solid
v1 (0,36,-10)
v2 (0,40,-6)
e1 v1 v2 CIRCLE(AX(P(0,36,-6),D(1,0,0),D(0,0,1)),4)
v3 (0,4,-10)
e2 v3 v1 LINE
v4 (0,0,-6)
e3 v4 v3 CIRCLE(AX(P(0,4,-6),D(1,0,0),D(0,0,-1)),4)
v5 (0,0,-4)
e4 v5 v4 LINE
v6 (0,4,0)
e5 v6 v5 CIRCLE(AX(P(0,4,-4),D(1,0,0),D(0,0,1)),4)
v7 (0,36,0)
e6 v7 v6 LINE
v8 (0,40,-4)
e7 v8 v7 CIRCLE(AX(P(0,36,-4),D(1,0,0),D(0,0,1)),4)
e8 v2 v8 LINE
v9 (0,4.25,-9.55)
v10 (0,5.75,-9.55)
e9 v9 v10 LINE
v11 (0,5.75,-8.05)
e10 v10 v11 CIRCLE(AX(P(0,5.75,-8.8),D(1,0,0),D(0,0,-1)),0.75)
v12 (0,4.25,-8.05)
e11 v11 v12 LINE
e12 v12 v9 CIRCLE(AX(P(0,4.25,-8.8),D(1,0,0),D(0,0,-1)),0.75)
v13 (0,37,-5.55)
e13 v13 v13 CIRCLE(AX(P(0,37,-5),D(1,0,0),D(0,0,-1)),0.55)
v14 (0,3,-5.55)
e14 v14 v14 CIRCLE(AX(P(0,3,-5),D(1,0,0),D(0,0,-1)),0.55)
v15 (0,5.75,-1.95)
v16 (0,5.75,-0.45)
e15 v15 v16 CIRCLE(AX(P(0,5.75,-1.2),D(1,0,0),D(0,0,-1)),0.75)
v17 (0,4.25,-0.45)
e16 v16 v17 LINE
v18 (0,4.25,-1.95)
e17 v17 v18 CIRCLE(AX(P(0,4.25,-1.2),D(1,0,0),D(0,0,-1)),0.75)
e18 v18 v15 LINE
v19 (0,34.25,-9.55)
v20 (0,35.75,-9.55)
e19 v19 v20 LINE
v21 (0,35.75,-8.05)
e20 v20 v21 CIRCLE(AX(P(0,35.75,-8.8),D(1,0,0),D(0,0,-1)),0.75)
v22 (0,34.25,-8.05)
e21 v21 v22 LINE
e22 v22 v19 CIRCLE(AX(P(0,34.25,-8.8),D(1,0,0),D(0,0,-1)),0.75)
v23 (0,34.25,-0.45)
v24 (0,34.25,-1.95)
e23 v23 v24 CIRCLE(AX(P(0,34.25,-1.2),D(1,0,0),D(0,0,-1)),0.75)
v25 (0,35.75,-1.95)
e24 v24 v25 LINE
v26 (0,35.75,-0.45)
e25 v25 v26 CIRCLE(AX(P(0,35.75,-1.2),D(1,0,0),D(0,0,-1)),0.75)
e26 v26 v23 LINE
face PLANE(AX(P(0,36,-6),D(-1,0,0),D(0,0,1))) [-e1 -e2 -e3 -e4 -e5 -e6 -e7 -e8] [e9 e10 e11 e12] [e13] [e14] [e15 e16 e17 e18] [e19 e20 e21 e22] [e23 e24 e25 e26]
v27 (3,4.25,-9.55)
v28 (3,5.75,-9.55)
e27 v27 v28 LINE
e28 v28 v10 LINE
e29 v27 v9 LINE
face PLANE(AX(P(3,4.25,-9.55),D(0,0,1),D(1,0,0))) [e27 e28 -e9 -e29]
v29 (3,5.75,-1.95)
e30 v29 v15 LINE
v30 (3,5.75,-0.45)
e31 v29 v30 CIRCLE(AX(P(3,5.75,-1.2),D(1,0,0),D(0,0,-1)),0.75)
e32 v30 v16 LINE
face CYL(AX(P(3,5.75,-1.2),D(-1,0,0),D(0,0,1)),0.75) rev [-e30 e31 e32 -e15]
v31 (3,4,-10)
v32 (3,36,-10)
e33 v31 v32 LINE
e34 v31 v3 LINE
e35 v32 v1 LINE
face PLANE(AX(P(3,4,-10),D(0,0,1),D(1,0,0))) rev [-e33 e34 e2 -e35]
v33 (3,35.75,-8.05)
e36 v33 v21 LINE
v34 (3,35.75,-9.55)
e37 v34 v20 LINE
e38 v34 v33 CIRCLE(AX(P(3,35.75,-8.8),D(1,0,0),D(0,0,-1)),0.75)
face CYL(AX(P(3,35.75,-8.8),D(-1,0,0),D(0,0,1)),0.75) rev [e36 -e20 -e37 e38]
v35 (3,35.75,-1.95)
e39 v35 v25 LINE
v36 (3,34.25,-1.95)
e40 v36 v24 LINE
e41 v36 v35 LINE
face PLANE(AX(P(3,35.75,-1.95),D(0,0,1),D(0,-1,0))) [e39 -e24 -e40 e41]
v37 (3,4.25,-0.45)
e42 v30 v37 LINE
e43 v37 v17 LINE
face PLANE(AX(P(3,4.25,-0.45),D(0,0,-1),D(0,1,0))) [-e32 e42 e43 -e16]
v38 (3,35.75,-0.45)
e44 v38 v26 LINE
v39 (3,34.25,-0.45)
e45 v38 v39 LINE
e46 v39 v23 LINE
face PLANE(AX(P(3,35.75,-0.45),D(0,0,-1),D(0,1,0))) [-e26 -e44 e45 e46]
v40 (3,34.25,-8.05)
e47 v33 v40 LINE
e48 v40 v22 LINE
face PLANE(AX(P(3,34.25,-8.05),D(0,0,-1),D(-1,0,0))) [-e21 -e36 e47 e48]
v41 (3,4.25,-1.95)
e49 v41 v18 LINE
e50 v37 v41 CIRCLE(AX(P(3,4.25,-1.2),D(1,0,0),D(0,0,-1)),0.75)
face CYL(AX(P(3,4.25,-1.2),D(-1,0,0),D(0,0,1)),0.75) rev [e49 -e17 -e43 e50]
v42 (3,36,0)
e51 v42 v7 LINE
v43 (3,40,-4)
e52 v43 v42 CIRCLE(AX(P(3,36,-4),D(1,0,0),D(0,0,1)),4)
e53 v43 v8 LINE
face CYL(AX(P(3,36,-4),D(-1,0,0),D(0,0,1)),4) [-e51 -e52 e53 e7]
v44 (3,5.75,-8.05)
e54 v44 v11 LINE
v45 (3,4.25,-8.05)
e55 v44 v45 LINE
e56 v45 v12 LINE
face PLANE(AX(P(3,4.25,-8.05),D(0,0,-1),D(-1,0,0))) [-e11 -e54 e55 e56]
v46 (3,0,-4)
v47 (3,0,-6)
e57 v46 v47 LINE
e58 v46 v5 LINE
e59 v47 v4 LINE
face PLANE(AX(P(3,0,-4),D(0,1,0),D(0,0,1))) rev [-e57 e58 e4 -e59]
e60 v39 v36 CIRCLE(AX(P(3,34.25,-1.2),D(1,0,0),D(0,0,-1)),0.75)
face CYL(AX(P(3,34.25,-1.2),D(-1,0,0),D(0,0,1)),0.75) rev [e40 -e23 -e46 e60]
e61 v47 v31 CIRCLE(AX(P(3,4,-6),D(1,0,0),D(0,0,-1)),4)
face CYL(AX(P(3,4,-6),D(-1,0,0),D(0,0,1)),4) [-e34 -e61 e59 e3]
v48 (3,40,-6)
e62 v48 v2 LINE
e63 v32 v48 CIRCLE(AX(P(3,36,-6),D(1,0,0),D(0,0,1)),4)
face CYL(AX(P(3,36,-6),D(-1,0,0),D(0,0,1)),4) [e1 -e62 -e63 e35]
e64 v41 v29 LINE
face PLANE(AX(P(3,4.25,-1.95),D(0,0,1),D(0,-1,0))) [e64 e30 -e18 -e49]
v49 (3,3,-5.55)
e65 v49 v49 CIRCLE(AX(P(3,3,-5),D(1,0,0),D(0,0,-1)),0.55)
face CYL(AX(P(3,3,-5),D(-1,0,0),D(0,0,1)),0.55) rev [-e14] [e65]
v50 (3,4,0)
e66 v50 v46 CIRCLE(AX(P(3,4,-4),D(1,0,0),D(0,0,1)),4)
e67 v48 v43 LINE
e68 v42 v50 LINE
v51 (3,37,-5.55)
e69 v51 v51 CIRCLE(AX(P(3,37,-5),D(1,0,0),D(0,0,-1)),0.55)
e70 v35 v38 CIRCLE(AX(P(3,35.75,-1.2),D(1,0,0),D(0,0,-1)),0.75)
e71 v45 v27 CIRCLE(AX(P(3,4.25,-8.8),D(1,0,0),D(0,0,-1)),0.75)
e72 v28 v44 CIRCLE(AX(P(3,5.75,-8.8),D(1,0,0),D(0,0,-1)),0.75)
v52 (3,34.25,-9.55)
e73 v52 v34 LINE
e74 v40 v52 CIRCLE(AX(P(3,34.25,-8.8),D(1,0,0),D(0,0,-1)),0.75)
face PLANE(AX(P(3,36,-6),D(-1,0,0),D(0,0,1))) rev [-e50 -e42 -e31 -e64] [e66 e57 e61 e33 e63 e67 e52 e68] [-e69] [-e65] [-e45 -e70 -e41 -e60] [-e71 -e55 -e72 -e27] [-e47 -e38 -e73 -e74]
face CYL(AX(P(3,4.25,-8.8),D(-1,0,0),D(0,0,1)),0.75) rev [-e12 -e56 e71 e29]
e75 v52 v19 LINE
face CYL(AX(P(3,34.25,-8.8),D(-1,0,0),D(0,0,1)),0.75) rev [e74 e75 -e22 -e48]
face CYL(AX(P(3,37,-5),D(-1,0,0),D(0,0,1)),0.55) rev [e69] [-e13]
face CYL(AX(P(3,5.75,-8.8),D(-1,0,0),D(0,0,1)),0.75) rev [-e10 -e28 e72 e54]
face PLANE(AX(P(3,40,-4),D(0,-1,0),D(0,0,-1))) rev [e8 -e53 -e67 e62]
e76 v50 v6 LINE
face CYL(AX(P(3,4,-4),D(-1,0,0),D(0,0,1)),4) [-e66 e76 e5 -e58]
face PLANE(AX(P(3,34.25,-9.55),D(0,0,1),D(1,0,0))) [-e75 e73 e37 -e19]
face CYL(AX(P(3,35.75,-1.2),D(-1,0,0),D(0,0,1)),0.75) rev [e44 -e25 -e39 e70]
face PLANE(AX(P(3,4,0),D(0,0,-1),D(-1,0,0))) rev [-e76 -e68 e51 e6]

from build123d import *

# Parameters (mm, degrees)
SKETCH_1_R      = 0.55
EXTRUDE_1_DEPTH = 3


with BuildPart() as part:
    # Эскиз1 → Бобышка-Вытянуть1 (new body)
    with BuildSketch(Plane(origin=(0, 0, 0), x_dir=(0, 0, -1), z_dir=(1, 0, 0))):
        with BuildLine():
            Line((4, 0), (6, 0))
            ThreePointArc((6, 0), (8.828427125, 1.171572875), (10, 4))
            Line((10, 4), (10, 36))
            ThreePointArc((10, 36), (8.828427125, 38.828427125), (6, 40))
            Line((6, 40), (4, 40))
            ThreePointArc((4, 40), (1.171572875, 38.828427125), (0, 36))
            Line((0, 36), (0, 4))
            ThreePointArc((0, 4), (1.171572875, 1.171572875), (4, 0))
        make_face()
        with Locations((5, 3)):
            Circle(SKETCH_1_R, mode=Mode.SUBTRACT)
        with Locations((5, 37)):
            Circle(SKETCH_1_R, mode=Mode.SUBTRACT)
        with BuildLine():
            Line((1.95, 35.75), (1.95, 34.25))
            ThreePointArc((1.95, 34.25), (1.2, 33.5), (0.45, 34.25))
            Line((0.45, 34.25), (0.45, 35.75))
            ThreePointArc((0.45, 35.75), (1.2, 36.5), (1.95, 35.75))
        make_face(mode=Mode.SUBTRACT)
        with BuildLine():
            Line((0.45, 4.25), (0.45, 5.75))
            ThreePointArc((0.45, 5.75), (1.2, 6.5), (1.95, 5.75))
            Line((1.95, 5.75), (1.95, 4.25))
            ThreePointArc((1.95, 4.25), (1.2, 3.5), (0.45, 4.25))
        make_face(mode=Mode.SUBTRACT)
        with BuildLine():
            Line((8.05, 4.25), (8.05, 5.75))
            ThreePointArc((8.05, 5.75), (8.8, 6.5), (9.55, 5.75))
            Line((9.55, 5.75), (9.55, 4.25))
            ThreePointArc((9.55, 4.25), (8.8, 3.5), (8.05, 4.25))
        make_face(mode=Mode.SUBTRACT)
        with BuildLine():
            Line((8.05, 34.25), (8.05, 35.75))
            ThreePointArc((8.05, 35.75), (8.8, 36.5), (9.55, 35.75))
            Line((9.55, 35.75), (9.55, 34.25))
            ThreePointArc((9.55, 34.25), (8.8, 33.5), (8.05, 34.25))
        make_face(mode=Mode.SUBTRACT)
    extrude(amount=EXTRUDE_1_DEPTH)


solid = part.part
